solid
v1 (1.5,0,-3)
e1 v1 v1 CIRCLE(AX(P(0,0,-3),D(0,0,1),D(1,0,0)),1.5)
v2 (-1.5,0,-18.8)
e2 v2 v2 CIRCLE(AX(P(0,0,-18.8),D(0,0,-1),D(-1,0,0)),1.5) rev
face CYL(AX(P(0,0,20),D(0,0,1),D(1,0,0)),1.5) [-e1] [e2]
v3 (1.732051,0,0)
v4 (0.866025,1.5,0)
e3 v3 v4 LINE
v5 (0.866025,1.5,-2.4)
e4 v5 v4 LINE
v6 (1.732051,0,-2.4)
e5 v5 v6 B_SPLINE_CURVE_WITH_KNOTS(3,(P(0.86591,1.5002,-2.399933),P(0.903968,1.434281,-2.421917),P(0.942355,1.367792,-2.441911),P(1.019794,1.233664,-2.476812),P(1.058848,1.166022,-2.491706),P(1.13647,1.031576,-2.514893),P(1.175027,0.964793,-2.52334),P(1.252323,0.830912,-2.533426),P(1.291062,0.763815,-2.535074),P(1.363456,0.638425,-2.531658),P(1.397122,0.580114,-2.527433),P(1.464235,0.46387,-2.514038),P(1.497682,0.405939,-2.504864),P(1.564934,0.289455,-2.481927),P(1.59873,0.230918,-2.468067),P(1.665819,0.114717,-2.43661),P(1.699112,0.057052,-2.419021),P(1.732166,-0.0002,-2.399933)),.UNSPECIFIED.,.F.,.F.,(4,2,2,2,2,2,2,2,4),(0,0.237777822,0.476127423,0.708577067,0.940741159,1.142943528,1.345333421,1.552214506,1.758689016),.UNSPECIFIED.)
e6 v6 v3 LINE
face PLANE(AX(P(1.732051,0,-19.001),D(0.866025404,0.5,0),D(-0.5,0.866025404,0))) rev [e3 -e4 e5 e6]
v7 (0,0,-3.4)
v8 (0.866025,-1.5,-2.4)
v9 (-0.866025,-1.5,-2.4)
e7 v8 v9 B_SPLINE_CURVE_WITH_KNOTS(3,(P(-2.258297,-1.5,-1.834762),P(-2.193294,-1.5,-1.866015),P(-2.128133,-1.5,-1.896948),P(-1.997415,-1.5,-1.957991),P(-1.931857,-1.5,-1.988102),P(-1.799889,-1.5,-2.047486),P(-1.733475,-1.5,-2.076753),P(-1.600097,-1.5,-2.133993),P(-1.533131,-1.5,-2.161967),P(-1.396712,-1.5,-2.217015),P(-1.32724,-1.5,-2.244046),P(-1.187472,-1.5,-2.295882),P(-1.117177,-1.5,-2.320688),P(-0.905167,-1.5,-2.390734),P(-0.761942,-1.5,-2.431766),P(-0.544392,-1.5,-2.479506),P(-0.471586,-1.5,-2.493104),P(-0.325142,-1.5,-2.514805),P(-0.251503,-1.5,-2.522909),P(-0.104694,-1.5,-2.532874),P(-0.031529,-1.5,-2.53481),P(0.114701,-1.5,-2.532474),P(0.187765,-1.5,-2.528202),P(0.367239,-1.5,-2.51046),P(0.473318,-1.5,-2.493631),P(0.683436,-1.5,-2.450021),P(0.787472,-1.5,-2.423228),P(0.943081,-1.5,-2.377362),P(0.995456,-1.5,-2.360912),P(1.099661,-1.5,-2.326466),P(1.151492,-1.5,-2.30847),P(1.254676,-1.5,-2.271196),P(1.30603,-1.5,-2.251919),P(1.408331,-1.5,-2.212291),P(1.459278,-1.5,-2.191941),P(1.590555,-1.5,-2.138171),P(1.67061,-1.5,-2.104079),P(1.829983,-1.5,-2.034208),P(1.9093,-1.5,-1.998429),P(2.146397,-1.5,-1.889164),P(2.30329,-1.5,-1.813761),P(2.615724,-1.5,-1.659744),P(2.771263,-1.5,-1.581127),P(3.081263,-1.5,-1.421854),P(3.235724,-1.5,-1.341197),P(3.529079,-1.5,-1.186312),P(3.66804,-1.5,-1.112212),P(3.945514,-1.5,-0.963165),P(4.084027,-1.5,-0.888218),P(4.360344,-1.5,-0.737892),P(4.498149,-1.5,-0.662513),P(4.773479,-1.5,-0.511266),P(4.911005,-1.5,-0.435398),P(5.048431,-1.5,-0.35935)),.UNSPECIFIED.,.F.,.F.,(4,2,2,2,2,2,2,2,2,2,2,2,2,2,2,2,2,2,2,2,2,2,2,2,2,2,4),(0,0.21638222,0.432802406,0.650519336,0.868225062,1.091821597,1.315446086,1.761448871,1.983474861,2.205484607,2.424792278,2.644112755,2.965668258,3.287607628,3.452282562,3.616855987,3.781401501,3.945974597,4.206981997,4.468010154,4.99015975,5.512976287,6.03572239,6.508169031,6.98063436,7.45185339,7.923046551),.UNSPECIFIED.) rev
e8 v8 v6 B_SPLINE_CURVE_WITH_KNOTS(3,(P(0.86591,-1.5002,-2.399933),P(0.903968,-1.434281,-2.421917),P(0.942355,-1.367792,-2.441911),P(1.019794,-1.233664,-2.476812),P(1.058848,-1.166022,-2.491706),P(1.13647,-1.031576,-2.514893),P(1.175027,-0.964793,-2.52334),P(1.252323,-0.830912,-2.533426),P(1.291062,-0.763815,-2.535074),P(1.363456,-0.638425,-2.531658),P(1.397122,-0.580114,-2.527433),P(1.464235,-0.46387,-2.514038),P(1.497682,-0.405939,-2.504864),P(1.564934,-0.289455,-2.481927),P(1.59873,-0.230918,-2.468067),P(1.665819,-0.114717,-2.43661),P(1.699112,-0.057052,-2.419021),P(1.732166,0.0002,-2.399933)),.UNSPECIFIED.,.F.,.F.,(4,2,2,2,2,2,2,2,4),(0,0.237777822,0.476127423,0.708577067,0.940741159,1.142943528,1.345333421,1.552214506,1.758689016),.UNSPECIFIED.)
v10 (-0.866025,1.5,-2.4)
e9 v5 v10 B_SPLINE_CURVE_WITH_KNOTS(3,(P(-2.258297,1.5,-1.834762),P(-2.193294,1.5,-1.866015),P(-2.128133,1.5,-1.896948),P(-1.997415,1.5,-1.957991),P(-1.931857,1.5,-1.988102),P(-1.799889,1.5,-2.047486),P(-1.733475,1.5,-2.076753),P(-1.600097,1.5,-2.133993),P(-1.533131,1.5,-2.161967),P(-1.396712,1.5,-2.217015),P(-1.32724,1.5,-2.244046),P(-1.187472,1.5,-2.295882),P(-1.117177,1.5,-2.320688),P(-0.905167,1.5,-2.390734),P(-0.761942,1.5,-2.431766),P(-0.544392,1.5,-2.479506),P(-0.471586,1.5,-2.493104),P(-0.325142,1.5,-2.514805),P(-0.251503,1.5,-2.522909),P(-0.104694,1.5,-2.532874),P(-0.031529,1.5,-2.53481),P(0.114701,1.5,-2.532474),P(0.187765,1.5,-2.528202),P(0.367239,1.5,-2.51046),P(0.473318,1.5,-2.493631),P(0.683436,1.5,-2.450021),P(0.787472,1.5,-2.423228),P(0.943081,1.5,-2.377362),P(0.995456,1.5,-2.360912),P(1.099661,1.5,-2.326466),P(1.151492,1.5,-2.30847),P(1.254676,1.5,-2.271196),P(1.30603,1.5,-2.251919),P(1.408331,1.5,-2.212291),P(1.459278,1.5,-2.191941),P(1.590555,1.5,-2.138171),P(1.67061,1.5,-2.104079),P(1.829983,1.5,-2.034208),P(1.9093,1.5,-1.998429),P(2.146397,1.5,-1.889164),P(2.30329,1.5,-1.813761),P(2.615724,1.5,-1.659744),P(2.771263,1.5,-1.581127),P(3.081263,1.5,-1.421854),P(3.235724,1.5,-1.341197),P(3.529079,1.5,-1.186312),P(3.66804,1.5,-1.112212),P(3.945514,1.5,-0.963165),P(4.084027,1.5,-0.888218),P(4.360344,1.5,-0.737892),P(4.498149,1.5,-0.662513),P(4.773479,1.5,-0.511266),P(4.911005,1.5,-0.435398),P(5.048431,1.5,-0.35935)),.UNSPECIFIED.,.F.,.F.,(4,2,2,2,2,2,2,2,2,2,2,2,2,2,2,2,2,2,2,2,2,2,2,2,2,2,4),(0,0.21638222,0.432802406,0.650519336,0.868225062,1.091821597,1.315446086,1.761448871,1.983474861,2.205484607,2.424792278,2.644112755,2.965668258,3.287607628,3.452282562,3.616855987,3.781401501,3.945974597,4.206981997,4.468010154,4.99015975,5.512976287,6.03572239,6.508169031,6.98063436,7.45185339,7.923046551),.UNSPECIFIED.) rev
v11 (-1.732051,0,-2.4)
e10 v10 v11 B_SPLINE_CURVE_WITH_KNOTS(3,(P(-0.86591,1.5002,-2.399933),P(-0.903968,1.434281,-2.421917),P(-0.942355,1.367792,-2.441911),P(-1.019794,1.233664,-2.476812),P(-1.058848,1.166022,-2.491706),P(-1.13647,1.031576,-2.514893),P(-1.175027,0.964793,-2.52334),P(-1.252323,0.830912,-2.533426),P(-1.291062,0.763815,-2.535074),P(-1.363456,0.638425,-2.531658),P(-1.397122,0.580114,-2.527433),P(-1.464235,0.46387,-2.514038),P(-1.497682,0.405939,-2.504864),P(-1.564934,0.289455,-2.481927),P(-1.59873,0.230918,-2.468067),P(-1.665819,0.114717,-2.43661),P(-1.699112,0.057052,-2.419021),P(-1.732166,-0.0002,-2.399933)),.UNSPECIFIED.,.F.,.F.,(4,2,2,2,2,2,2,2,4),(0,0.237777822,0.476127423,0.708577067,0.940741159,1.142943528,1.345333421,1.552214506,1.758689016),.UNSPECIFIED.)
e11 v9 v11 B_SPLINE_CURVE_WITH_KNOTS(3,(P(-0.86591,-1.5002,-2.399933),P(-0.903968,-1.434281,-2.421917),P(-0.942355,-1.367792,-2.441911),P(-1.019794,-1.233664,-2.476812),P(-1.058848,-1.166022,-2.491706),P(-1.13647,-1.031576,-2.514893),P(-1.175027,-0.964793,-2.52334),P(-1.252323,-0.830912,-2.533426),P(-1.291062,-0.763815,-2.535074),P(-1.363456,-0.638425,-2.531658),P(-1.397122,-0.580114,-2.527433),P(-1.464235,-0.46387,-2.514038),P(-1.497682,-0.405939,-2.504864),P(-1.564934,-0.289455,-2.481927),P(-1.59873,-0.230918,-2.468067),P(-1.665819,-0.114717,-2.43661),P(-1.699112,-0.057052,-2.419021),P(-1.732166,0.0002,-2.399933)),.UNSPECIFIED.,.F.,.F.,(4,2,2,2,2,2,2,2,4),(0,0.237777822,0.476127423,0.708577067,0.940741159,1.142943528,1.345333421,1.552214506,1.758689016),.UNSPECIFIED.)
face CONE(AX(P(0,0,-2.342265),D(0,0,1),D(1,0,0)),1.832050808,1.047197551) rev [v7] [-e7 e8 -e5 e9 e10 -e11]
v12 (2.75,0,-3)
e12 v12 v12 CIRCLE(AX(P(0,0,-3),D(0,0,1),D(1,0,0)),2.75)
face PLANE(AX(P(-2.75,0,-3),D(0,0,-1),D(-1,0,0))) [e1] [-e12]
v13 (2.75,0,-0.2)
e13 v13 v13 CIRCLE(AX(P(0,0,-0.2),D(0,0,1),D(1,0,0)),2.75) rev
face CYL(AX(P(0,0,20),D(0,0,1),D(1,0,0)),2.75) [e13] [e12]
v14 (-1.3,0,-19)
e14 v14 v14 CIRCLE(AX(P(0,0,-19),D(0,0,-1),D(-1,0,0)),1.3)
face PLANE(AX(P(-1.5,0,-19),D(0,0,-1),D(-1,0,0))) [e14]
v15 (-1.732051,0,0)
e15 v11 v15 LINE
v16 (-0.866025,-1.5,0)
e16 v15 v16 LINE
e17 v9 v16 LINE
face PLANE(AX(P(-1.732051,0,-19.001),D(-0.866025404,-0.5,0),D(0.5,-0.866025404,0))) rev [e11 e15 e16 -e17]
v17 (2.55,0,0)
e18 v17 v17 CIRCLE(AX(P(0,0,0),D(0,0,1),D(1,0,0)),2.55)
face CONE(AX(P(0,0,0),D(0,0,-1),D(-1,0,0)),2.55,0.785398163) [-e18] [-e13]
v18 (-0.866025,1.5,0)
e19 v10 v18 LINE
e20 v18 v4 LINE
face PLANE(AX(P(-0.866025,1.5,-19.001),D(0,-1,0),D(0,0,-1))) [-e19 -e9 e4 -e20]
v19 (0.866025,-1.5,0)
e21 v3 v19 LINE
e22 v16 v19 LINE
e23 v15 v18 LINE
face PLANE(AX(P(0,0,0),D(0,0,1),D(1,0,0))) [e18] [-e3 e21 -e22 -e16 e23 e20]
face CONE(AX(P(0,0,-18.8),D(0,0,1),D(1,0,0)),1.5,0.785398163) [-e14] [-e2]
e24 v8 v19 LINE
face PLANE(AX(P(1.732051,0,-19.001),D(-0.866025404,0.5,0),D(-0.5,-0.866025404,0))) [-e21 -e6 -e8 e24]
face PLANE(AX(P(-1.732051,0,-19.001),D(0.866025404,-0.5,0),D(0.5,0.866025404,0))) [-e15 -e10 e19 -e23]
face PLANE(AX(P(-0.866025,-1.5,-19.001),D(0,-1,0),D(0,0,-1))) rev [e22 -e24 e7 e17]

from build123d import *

# Parameters (mm, degrees)
CHAMFER_1_SIZE      = 0.2
CHAMFER_2_SIZE      = 0.2
CUT_EXTRUDE_1_DEPTH = 2.4
EXTRUDE_2_REACH     = 21.394
SKETCH_4_R          = 1.832050808


with BuildPart() as part:
    # Sketch S → Revolve D (revolve)
    with BuildSketch(Plane(origin=(0, 0, 0), x_dir=(-1, 0, 0), z_dir=(0, 1, 0))):
        Polygon((0, 0), (2.75, 0), (2.75, -3), (1.5, -3), (1.5, -19), (0, -19), align=None)
    revolve(axis=Axis((0, 0, 20), (0, 0, -1)))

    # 面取り1
    chamfer_1_edges = [part.edges().sort_by_distance(p)[0] for p in [
        (2.75, 0, 0),
    ]]
    chamfer(chamfer_1_edges, length=CHAMFER_1_SIZE)

    # 面取り2
    chamfer_2_edges = [part.edges().sort_by_distance(p)[0] for p in [
        (1.5, 0, -19),
    ]]
    chamfer(chamfer_2_edges, length=CHAMFER_2_SIZE)

    # ｽｹｯﾁ2 → ｶｯﾄ - 押し出し1 (cut)
    with BuildSketch(Plane(origin=(0, 0, 0), x_dir=(0, 1, 0), z_dir=(0, 0, 1))):
        Polygon((0, 1.732050808), (1.5, 0.866025404), (1.5, -0.866025404), (0, -1.732050808), (-1.5, -0.866025404), (-1.5, 0.866025404), align=None)
    extrude(amount=-CUT_EXTRUDE_1_DEPTH, mode=Mode.SUBTRACT)

    # ｽｹｯﾁ3 → ｶｯﾄ - 回転1 (revolve, cut)
    with BuildSketch(Plane(origin=(0, 0, 0), x_dir=(1, 0, 0), z_dir=(0, 1, 0))):
        Polygon((-1.832050808, 0), (0, 0), (0, 3.4), (-1.832050808, 2.342264973), align=None)
    revolve(axis=Axis((0, 0, -30.07825812), (0, 0, 1)), mode=Mode.SUBTRACT)

    # ｽｹｯﾁ4 → ﾎﾞｽ - 押し出し2 (add, up to next)
    with BuildSketch(Plane.XY, mode=Mode.PRIVATE) as extrude_2_sk1:
        Circle(SKETCH_4_R)
        Polygon((-1.732050808, 0), (-0.866025404, 1.5), (0.866025404, 1.5), (1.732050808, 0), (0.866025404, -1.5), (-0.866025404, -1.5), align=None, mode=Mode.SUBTRACT)
    extrude_2_tool1 = extrude(extrude_2_sk1.sketch, amount=-EXTRUDE_2_REACH, mode=Mode.PRIVATE) - part.part
    add(extrude_2_tool1.solids().sort_by_distance((-1.780233, 0, 0))[0])


solid = part.part
